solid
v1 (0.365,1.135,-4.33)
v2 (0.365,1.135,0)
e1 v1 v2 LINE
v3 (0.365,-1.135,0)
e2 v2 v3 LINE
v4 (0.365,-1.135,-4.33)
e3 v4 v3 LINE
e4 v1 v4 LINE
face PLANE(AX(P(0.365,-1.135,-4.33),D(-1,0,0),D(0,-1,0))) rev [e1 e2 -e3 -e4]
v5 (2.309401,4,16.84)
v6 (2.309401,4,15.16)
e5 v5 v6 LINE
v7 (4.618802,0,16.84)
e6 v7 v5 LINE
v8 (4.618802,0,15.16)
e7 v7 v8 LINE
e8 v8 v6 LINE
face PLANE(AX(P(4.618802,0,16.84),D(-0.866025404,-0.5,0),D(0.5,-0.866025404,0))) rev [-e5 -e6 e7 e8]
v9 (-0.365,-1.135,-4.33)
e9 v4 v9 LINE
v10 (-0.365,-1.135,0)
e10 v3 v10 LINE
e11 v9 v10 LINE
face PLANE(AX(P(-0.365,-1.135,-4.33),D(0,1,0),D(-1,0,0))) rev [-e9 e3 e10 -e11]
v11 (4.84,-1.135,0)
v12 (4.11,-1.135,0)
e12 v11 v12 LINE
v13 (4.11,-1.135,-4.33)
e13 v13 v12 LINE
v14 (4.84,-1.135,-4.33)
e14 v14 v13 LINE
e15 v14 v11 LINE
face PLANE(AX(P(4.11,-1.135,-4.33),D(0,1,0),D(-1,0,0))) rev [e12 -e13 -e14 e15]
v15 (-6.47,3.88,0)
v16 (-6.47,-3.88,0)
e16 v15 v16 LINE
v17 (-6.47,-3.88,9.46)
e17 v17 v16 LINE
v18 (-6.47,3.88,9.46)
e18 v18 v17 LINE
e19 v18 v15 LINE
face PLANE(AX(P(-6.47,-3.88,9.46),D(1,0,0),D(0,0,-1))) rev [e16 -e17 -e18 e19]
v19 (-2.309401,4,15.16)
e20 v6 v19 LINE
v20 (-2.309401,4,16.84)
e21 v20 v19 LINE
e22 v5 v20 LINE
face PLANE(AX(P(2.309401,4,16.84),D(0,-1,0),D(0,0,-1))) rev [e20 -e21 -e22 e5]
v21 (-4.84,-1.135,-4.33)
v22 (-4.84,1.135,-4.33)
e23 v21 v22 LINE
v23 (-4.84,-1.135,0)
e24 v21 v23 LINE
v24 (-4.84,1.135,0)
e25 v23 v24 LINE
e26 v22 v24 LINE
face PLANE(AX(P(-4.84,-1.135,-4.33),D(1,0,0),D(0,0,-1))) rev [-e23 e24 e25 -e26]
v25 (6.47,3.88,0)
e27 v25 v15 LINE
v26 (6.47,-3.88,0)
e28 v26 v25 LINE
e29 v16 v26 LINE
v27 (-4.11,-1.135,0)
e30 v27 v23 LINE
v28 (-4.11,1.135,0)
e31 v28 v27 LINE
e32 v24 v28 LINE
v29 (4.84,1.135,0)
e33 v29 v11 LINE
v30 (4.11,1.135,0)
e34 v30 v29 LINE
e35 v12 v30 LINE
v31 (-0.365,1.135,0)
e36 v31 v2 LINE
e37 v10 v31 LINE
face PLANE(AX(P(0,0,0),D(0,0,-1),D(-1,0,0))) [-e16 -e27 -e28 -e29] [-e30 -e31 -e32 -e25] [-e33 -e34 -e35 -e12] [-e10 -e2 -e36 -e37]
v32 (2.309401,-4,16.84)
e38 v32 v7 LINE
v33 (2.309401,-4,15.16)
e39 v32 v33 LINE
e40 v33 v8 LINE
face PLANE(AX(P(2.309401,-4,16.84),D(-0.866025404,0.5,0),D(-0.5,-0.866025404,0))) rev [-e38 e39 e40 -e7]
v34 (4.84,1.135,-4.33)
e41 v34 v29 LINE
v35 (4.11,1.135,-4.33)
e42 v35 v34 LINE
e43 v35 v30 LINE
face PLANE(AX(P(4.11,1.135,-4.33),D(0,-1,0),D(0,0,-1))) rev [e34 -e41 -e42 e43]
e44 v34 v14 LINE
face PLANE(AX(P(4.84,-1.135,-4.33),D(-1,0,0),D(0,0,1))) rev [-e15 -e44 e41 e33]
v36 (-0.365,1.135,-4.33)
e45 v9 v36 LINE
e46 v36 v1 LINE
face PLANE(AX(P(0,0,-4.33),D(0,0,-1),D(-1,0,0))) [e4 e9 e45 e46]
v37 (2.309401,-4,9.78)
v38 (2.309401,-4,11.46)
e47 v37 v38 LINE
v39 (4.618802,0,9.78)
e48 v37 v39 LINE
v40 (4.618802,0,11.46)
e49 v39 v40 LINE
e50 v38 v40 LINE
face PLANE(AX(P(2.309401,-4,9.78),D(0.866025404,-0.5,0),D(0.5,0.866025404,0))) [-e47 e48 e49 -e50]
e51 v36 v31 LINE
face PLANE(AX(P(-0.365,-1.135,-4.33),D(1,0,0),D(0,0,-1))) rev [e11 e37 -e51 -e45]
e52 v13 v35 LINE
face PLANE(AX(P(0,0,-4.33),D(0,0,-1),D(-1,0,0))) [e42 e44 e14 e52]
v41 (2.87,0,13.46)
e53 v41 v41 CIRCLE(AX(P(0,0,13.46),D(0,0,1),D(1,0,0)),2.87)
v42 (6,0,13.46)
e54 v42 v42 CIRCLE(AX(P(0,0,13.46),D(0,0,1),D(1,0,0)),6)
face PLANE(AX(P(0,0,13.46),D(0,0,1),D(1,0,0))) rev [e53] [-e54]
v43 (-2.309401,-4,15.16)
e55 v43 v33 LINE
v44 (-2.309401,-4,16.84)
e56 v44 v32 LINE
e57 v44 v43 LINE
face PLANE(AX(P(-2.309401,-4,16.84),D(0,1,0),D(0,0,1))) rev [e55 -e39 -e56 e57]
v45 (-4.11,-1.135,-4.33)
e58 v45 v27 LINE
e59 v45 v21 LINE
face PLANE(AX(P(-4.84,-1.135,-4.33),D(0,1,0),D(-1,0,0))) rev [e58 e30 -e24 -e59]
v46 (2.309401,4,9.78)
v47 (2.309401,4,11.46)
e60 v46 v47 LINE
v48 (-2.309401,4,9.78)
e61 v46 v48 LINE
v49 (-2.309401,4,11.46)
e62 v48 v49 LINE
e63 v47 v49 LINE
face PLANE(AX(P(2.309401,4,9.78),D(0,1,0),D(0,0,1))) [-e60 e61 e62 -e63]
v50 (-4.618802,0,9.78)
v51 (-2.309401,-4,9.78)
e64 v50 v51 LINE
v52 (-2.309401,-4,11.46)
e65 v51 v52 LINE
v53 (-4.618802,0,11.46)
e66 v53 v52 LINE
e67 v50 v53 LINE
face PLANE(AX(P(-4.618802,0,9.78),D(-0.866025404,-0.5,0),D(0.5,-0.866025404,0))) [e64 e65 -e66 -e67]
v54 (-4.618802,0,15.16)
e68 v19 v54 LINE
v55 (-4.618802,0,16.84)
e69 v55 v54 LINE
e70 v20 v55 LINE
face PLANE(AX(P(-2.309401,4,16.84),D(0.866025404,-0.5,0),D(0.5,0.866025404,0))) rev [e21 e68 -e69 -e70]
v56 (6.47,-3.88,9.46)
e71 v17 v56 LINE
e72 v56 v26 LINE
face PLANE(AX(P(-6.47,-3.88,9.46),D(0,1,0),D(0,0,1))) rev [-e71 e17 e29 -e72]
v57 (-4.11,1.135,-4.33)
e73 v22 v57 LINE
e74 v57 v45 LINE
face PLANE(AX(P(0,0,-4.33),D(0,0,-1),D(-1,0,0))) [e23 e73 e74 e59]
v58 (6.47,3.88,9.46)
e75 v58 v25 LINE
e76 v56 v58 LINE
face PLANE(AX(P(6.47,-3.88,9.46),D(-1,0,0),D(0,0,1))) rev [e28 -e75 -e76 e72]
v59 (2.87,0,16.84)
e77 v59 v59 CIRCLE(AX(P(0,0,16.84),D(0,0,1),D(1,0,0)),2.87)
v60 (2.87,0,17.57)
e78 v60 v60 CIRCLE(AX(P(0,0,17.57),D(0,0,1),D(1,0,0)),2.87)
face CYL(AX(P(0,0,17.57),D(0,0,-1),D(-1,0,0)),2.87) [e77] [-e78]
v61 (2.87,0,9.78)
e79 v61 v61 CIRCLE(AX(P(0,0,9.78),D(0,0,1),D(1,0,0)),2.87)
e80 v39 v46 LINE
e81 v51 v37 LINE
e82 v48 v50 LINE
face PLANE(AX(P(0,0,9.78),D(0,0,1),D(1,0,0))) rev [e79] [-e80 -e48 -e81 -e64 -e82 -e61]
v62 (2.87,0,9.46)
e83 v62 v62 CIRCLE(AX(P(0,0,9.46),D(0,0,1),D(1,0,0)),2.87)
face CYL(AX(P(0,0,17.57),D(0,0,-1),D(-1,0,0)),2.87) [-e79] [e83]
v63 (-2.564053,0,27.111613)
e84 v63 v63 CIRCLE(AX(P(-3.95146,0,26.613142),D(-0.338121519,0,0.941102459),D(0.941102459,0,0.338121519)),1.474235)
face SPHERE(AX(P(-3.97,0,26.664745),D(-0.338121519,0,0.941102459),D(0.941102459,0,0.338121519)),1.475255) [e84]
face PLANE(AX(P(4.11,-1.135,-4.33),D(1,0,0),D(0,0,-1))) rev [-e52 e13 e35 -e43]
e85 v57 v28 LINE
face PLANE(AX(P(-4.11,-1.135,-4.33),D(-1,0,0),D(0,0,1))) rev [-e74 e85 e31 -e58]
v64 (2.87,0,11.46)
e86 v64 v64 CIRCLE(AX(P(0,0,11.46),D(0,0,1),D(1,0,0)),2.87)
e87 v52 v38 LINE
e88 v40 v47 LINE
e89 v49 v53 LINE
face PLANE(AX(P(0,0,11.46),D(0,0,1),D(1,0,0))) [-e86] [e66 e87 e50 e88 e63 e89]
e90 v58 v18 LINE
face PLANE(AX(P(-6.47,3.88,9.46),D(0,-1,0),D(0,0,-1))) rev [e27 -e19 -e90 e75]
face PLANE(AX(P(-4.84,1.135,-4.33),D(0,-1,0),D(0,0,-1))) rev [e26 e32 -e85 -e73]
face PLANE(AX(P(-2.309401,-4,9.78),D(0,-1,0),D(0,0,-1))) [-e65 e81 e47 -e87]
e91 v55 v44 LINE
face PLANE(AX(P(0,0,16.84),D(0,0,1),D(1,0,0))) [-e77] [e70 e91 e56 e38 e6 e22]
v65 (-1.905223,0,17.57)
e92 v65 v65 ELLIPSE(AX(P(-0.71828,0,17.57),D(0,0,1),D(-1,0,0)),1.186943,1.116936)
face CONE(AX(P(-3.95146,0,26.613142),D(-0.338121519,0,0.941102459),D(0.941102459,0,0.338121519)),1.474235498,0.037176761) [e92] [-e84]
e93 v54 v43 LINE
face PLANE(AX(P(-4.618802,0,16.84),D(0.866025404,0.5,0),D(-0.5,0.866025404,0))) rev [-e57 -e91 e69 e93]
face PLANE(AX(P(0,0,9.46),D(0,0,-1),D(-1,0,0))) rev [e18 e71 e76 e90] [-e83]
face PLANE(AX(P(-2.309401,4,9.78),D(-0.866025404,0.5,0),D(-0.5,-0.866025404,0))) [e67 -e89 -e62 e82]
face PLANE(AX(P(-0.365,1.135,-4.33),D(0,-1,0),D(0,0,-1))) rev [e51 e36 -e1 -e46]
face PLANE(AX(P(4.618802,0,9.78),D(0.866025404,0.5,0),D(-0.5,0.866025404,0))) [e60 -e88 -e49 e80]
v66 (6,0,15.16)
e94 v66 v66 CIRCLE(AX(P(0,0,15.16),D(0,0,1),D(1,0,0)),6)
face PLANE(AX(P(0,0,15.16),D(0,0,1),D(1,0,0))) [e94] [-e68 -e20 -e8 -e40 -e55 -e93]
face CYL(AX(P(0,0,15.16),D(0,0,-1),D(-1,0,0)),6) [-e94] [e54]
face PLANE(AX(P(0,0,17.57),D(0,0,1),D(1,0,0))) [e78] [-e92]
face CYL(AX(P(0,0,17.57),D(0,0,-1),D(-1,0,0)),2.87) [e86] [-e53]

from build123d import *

# Parameters (mm, degrees)
SKETCH1_W           = 12.94
SKETCH1_H           = 7.76
BOSS_EXTRUDE1_DEPTH = 9.46
SKETCH2_R           = 2.87
BOSS_EXTRUDE2_DEPTH = 8.11
SKETCH4_W           = 0.73
SKETCH4_H           = 2.27
BOSS_EXTRUDE3_DEPTH = 4.33
BOSS_EXTRUDE4_DEPTH = 1.68
SKETCH6_R           = 6
BOSS_EXTRUDE5_DEPTH = 1.7
BOSS_EXTRUDE6_DEPTH = 1.68


with BuildPart() as part:
    # Sketch1 → Boss-Extrude1 (new body)
    with BuildSketch(Plane.XY):
        Rectangle(SKETCH1_W, SKETCH1_H)
    extrude(amount=BOSS_EXTRUDE1_DEPTH)

    # Sketch2 → Boss-Extrude2 (add)
    with BuildSketch(Plane.XY.offset(9.46)):
        Circle(SKETCH2_R)
    extrude(amount=BOSS_EXTRUDE2_DEPTH)

    # Sketch3 → Revolve1 (revolve)
    with BuildSketch(Plane(origin=(0, 0, 0), x_dir=(1, 0, 0), z_dir=(0, 1, 0))):
        with BuildLine():
            Line((0.46866366, -17.57), (-2.564053278, -27.111612822))
            ThreePointArc((-2.564053278, -27.111612822), (-3.316297804, -27.98726181), (-4.468815416, -28.053111116))
            Line((-4.468815416, -28.053111116), (-0.702418437, -17.57))
            Line((-0.702418437, -17.57), (0.46866366, -17.57))
        make_face()
    revolve(axis=Axis((-4.468815416, 0, 28.053111116), (0.3381215193488044, 0, -0.9411024589029912)))

    # Sketch4 → Boss-Extrude3 (add)
    with BuildSketch(Plane(origin=(0, 0, 0), x_dir=(-1, 0, 0), z_dir=(0, 0, -1))):
        Rectangle(SKETCH4_W, SKETCH4_H)
        with Locations((-4.475, 0)):
            Rectangle(SKETCH4_W, SKETCH4_H)
        with Locations((4.475, 0)):
            Rectangle(SKETCH4_W, SKETCH4_H)
    extrude(amount=BOSS_EXTRUDE3_DEPTH)

    # Sketch5 → Boss-Extrude4 (add)
    with BuildSketch(Plane.XY.offset(11.46)):
        Polygon((-2.309401077, -4), (2.309401077, -4), (4.618802154, 0), (2.309401077, 4), (-2.309401077, 4), (-4.618802154, 0), align=None)
    extrude(amount=-BOSS_EXTRUDE4_DEPTH)

    # Sketch6 → Boss-Extrude5 (add)
    with BuildSketch(Plane.XY.offset(13.46)):
        Circle(SKETCH6_R)
    extrude(amount=BOSS_EXTRUDE5_DEPTH)

    # Sketch7 → Boss-Extrude6 (add)
    with BuildSketch(Plane.XY.offset(15.16)):
        Polygon((-2.309401077, -4), (2.309401077, -4), (4.618802154, 0), (2.309401077, 4), (-2.309401077, 4), (-4.618802154, 0), align=None)
    extrude(amount=BOSS_EXTRUDE6_DEPTH)


solid = part.part
